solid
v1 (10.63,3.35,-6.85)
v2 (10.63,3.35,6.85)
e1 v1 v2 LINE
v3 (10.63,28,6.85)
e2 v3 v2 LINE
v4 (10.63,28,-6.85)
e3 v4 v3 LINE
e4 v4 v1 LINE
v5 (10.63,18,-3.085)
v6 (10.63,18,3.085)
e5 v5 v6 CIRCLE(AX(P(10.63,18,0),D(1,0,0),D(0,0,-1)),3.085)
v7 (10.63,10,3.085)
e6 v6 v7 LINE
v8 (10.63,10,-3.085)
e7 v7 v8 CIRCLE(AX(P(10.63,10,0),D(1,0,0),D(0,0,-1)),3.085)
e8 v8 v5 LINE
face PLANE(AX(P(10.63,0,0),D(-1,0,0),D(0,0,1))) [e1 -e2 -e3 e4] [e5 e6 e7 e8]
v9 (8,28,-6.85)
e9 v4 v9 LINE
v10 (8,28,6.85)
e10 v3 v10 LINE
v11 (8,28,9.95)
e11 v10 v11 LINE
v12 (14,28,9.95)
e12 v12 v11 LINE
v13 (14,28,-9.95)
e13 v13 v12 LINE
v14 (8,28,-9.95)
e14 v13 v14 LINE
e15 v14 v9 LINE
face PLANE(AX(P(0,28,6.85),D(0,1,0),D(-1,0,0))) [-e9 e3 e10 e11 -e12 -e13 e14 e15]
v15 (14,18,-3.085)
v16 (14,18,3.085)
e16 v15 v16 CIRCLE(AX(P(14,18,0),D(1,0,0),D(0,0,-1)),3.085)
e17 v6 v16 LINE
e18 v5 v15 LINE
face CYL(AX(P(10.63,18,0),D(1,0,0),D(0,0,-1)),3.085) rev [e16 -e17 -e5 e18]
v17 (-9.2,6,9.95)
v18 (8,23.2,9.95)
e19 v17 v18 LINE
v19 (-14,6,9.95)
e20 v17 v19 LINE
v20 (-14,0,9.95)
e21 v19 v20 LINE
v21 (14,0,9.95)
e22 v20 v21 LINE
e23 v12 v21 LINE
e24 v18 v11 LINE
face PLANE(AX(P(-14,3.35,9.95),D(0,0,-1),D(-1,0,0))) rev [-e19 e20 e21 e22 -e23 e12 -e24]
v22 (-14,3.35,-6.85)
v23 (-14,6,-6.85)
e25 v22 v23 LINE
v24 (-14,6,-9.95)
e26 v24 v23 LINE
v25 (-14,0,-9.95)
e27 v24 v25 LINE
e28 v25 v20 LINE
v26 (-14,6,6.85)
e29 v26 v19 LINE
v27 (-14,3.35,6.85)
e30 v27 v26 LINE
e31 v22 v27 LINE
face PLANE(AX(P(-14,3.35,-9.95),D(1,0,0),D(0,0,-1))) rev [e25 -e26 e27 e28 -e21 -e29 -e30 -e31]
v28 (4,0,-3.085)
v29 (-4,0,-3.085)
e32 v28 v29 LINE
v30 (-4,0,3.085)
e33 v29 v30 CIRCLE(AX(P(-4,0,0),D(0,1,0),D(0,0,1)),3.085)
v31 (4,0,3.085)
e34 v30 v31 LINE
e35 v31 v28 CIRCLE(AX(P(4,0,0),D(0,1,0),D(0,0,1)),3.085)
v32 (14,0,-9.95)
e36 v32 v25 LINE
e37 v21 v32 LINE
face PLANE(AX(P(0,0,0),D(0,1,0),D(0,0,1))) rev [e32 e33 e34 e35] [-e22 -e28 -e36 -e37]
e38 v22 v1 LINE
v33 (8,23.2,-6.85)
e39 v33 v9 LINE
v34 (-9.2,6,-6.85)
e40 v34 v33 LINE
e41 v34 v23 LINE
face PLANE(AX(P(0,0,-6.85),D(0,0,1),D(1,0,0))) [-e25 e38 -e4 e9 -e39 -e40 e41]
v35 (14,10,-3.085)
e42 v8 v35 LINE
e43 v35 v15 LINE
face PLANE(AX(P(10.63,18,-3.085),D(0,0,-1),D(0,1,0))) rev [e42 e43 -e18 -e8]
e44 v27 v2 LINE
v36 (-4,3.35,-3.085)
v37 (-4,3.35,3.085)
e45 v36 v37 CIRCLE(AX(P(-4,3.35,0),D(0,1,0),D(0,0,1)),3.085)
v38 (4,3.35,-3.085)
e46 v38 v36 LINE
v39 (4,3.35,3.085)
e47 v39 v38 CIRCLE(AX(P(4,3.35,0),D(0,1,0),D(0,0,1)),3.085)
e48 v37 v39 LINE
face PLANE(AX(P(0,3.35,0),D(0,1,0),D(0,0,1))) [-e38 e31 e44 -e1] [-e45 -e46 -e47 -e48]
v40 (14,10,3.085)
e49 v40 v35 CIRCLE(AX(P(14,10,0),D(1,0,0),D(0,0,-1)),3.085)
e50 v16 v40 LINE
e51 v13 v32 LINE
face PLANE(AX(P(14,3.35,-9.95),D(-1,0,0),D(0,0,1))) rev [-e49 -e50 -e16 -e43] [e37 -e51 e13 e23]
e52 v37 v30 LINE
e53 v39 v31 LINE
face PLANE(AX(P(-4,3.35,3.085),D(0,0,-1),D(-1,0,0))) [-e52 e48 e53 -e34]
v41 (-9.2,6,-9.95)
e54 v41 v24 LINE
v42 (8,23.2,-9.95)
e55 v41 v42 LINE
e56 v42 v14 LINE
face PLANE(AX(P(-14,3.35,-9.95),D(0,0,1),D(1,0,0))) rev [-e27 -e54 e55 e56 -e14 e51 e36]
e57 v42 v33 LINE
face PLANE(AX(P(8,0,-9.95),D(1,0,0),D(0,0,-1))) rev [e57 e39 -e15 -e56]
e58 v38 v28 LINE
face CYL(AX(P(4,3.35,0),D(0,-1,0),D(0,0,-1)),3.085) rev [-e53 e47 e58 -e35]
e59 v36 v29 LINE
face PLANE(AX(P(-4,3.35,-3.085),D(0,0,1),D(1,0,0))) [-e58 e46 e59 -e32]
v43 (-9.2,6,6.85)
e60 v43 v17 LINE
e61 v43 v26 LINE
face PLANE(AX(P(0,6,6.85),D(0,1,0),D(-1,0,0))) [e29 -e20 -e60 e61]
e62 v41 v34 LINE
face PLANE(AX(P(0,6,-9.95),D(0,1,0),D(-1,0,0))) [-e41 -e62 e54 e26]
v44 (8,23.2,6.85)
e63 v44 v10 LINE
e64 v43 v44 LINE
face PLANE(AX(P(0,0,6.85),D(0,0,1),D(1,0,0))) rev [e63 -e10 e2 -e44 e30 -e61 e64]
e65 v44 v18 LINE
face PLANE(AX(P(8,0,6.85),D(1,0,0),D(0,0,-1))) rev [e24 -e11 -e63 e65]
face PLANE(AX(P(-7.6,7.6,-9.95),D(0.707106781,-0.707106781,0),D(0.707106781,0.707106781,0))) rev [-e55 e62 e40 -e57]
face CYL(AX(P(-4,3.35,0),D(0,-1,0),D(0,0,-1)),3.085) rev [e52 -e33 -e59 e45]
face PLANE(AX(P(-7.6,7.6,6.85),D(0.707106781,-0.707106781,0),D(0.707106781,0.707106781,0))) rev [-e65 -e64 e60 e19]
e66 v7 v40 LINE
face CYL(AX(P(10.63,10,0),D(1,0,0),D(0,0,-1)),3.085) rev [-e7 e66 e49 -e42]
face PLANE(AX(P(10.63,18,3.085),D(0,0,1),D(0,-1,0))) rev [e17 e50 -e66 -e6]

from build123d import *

# Parameters (mm, degrees)
SKETCH_1_W      = 28
SKETCH_1_H      = 19.9
EXTRUDE_1_DEPTH = 3.35
EXTRUDE_2_DEPTH = 3.1
EXTRUDE_START   = -16.8
EXTRUDE_3_DEPTH = 3.1
SKETCH_4_W      = 19.9
SKETCH_4_H      = 28
EXTRUDE_4_DEPTH = 3.37


with BuildPart() as part:
    # 草图1 → 凸台-拉伸1 (new body)
    with BuildSketch(Plane(origin=(0, 0, 0), x_dir=(1, 0, 0), z_dir=(0, 1, 0))):
        Rectangle(SKETCH_1_W, SKETCH_1_H)
        with BuildLine():
            Line((-4, 3.085), (4, 3.085))
            ThreePointArc((4, 3.085), (7.085, 0), (4, -3.085))
            Line((4, -3.085), (-4, -3.085))
            ThreePointArc((-4, -3.085), (-7.085, 0), (-4, 3.085))
        make_face(mode=Mode.SUBTRACT)
    extrude(amount=EXTRUDE_1_DEPTH)

    # 草图3 → 凸台-拉伸2 (add)
    with BuildSketch(Plane.XY.offset(9.95)):
        Polygon((14, 0), (14, 28), (8, 28), (8, 23.2), (-9.2, 6), (-14, 6), (-14, 0), align=None)
    extrude(amount=-EXTRUDE_2_DEPTH)

    # 草图3<3> → 凸台-拉伸3 (add)
    with BuildSketch(Plane.XY.offset(9.95).offset(EXTRUDE_START)):
        Polygon((14, 0), (14, 28), (8, 28), (8, 23.2), (-9.2, 6), (-14, 6), (-14, 0), align=None)
    extrude(amount=-EXTRUDE_3_DEPTH)

    # 草图4 → 凸台-拉伸4 (add)
    with BuildSketch(Plane(origin=(14, 0, 0), x_dir=(0, 0, -1), z_dir=(1, 0, 0))):
        with Locations((0, 14)):
            Rectangle(SKETCH_4_W, SKETCH_4_H)
        with BuildLine():
            Line((3.085, 18), (3.085, 10))
            ThreePointArc((3.085, 10), (0, 6.915), (-3.085, 10))
            Line((-3.085, 10), (-3.085, 18))
            ThreePointArc((-3.085, 18), (0, 21.085), (3.085, 18))
        make_face(mode=Mode.SUBTRACT)
    extrude(amount=-EXTRUDE_4_DEPTH)


solid = part.part
